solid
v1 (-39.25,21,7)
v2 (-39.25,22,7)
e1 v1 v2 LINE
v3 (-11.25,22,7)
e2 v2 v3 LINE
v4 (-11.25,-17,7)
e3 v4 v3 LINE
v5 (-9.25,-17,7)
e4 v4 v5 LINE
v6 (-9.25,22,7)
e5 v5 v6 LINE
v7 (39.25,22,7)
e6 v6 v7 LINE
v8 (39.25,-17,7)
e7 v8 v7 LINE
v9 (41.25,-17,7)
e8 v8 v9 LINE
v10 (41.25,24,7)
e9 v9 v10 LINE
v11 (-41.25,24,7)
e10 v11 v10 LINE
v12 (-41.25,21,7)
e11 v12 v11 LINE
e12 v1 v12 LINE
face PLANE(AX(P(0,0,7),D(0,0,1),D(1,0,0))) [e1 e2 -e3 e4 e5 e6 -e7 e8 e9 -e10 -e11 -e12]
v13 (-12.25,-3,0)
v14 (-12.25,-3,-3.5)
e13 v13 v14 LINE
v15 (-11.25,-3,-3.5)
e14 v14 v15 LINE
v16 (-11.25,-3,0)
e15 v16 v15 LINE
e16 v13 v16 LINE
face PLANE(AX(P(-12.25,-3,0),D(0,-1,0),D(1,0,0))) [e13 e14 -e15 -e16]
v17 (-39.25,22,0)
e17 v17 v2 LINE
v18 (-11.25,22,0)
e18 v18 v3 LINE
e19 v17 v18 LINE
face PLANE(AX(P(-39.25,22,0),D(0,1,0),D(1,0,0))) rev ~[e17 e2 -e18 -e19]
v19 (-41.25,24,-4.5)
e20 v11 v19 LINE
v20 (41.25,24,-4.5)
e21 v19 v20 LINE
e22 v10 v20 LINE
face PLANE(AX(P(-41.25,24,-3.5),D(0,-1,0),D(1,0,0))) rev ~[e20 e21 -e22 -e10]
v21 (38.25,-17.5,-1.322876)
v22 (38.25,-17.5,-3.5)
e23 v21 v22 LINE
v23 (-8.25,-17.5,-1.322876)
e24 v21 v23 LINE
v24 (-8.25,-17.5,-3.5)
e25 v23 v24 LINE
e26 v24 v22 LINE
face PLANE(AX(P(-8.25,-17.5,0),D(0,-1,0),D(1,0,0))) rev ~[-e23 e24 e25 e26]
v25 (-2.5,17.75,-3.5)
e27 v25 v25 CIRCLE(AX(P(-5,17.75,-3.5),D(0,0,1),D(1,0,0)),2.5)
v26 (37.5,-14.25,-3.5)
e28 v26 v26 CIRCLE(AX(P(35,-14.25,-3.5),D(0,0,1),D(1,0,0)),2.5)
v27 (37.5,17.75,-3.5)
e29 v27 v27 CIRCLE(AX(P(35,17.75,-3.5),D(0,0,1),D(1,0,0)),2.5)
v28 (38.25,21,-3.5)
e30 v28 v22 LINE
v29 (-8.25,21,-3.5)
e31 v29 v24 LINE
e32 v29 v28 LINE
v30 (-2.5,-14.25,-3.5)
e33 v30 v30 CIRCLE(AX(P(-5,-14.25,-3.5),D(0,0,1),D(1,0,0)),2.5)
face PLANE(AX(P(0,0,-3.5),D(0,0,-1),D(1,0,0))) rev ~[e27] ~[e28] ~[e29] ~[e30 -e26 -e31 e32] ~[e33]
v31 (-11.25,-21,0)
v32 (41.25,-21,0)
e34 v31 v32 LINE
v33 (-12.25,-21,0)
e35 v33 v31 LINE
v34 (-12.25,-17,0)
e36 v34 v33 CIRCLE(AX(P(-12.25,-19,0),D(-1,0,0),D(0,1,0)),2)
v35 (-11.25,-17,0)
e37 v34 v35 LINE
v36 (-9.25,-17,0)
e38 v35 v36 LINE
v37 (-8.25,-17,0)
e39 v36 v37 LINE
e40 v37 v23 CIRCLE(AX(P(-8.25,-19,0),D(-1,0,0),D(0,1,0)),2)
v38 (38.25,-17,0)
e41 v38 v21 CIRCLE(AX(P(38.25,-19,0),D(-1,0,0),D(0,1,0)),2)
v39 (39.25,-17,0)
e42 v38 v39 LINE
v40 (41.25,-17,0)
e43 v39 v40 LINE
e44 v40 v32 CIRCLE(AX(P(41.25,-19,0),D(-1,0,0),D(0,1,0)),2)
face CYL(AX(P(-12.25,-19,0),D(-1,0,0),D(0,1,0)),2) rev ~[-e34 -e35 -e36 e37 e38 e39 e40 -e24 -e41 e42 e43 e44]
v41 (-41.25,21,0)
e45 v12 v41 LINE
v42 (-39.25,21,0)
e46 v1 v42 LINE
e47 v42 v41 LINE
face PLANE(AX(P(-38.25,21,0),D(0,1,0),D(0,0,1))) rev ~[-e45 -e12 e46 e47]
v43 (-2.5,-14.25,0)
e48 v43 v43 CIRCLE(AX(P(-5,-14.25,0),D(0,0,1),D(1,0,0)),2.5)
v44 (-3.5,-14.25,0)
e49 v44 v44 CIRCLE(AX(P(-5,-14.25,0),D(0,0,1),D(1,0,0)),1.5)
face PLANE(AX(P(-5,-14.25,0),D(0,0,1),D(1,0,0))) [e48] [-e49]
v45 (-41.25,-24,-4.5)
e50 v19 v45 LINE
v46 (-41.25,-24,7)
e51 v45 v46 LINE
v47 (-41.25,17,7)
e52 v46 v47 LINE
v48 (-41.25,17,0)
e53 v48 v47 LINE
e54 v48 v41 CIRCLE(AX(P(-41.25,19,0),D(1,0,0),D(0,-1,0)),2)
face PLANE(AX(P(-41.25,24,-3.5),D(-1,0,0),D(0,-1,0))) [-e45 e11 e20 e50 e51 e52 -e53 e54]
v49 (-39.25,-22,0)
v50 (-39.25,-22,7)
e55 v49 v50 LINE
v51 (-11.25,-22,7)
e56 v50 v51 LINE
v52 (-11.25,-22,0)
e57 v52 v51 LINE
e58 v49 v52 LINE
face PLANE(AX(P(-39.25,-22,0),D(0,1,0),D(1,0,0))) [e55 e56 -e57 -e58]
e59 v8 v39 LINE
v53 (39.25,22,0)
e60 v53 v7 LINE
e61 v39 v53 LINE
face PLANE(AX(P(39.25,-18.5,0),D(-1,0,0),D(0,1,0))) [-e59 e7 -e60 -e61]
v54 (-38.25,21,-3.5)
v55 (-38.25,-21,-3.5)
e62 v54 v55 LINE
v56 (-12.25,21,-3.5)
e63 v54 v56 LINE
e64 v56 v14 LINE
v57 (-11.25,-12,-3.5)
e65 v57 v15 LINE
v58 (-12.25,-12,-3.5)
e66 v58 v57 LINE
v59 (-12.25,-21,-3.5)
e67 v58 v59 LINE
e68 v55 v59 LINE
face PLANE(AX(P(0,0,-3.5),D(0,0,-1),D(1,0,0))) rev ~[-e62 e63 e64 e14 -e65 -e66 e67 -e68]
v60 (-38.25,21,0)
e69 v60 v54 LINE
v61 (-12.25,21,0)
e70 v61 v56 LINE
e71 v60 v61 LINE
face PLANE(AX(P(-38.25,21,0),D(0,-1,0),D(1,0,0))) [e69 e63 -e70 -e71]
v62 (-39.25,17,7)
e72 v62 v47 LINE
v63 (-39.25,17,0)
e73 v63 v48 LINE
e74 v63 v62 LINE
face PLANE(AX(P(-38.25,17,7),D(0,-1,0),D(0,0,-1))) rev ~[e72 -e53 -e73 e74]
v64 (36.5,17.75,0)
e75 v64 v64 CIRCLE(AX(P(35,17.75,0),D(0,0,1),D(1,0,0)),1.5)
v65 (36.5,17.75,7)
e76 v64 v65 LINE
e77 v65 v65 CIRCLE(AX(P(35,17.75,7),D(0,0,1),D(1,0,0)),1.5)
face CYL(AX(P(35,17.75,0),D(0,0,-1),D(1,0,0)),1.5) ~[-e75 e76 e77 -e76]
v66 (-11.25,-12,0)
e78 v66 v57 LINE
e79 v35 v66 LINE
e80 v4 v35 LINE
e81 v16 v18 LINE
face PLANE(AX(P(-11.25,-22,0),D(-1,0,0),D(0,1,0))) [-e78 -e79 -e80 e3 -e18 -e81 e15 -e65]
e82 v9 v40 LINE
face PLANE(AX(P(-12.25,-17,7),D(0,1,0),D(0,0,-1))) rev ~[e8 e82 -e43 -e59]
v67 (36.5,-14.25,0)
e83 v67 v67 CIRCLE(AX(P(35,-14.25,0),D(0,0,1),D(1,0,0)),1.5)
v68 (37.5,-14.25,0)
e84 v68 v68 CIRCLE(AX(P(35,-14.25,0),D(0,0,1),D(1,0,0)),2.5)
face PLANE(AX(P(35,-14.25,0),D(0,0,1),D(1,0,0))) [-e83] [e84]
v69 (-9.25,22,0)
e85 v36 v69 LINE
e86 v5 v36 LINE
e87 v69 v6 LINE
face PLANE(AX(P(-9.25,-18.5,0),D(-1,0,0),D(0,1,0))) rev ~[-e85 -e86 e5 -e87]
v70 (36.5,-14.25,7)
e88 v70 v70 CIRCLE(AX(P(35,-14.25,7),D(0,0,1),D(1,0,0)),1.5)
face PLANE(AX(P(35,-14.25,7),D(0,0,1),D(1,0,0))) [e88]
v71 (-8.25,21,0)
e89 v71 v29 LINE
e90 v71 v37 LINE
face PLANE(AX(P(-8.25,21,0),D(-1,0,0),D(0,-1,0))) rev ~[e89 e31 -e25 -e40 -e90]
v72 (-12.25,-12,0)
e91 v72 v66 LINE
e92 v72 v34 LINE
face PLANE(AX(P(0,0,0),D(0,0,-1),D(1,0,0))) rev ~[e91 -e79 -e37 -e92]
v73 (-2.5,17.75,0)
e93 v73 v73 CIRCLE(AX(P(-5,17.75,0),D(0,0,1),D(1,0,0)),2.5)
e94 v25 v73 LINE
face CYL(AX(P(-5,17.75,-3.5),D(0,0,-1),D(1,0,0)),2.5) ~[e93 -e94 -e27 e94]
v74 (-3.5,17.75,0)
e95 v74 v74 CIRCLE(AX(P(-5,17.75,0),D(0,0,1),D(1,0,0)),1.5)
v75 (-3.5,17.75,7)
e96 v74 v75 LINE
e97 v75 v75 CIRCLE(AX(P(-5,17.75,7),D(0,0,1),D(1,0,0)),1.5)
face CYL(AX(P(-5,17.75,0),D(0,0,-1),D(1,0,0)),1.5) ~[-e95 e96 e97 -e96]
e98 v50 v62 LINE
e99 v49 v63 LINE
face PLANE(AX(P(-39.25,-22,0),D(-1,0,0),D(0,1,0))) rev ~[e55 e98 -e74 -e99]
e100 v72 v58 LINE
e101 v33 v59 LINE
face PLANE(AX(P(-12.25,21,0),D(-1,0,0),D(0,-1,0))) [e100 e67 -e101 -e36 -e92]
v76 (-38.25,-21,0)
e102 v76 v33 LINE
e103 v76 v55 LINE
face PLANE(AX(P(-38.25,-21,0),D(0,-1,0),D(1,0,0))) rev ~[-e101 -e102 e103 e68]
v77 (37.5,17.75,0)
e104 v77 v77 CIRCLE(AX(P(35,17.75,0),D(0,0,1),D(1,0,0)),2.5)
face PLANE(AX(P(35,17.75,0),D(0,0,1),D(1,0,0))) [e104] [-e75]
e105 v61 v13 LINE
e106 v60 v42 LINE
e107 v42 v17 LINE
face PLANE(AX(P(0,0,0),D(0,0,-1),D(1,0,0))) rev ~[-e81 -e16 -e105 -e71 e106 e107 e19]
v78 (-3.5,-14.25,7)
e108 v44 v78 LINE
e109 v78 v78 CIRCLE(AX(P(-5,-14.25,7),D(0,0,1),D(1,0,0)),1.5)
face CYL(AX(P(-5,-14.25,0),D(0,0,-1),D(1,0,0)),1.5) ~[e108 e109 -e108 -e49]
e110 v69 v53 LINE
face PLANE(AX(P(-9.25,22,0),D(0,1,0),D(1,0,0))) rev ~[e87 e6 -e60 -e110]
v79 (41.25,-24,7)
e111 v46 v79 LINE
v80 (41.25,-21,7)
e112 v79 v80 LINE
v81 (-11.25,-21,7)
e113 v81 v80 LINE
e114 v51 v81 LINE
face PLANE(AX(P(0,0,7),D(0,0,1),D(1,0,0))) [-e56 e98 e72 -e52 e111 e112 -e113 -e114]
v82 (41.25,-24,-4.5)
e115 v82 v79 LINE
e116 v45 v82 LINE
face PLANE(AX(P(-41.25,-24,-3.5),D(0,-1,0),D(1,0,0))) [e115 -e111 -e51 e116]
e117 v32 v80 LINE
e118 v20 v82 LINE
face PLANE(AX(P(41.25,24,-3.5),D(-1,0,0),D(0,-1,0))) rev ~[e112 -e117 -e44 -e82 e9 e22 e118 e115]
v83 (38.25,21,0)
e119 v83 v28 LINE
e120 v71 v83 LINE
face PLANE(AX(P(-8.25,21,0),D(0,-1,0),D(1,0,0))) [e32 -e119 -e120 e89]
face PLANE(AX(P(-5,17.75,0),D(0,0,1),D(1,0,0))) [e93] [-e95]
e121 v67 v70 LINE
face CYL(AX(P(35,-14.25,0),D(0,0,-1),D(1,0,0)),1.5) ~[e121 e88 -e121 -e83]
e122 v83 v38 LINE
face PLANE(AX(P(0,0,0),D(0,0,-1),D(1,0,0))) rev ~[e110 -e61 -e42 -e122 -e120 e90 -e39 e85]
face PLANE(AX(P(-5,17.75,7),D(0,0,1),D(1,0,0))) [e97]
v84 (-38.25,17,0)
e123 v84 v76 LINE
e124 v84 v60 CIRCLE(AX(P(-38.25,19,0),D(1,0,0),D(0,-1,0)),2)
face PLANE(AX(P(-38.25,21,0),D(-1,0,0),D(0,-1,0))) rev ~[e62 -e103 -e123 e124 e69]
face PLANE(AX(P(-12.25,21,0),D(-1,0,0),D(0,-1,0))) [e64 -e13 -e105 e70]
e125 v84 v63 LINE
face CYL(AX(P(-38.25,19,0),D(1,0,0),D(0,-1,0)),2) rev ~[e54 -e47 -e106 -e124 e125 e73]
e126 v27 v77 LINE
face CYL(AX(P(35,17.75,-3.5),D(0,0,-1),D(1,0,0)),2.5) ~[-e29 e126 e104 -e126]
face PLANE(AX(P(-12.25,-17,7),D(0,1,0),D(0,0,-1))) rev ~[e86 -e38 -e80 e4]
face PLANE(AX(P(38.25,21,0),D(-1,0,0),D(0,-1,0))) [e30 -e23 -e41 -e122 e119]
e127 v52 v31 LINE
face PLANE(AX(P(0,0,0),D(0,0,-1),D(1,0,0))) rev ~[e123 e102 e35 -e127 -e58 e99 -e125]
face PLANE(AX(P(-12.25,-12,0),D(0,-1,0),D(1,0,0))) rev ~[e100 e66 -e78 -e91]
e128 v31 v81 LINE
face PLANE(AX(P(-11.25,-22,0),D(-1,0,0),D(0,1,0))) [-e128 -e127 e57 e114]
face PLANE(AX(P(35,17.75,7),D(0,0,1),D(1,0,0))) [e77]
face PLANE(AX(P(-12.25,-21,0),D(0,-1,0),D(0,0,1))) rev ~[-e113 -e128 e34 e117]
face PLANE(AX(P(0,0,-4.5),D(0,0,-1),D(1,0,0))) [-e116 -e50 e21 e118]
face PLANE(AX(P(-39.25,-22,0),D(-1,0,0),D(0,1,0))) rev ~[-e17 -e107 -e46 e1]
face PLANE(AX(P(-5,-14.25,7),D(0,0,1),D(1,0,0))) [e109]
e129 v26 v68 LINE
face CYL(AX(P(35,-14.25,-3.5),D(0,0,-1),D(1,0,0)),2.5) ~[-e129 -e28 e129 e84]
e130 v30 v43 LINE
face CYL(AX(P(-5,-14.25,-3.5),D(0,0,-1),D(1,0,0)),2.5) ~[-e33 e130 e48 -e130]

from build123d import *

# Parameters (mm, degrees)
SKETCH005_W     = 82.5
SKETCH005_H     = 48
SKETCH005_W_2   = 28
SKETCH005_H_2   = 44
SKETCH005_W_3   = 48.5
SKETCH005_H_3   = 40.5
PAD003_DEPTH    = 7
SKETCH006_W     = 82.5
SKETCH006_H     = 48
SKETCH006_W_2   = 26
SKETCH006_H_2   = 42
SKETCH006_W_3   = 46.5
SKETCH006_H_3   = 38.5
PAD004_DEPTH    = 3.5
SKETCH007_W     = 82.5
SKETCH007_H     = 48
PAD005_DEPTH    = 1
SKETCH008_R     = 2.5
PAD006_DEPTH    = 3.5
SKETCH009_R     = 1.5
PAD007_DEPTH    = 7
POCKET002_DEPTH = 3.001
POCKET003_DEPTH = 53.501
SKETCH_W        = 1
SKETCH_H        = 9
POCKET_DEPTH    = 3.5


with BuildPart() as part:
    # Sketch005 → Pad003 (new body)
    with BuildSketch(Plane.XY):
        Rectangle(SKETCH005_W, SKETCH005_H)
        with Locations((-25.25, 0)):
            Rectangle(SKETCH005_W_2, SKETCH005_H_2, mode=Mode.SUBTRACT)
        with Locations((15, 1.75)):
            Rectangle(SKETCH005_W_3, SKETCH005_H_3, mode=Mode.SUBTRACT)
    extrude(amount=PAD003_DEPTH)

    # Sketch006 (on Face13 of Pad003) → Pad004 (join)
    with BuildSketch(Plane(origin=(0, 0, 0), x_dir=(1, 0, 0), z_dir=(0, 0, -1))):
        Rectangle(SKETCH006_W, SKETCH006_H)
        with Locations((-25.25, 0)):
            Rectangle(SKETCH006_W_2, SKETCH006_H_2, mode=Mode.SUBTRACT)
        with Locations((15, -1.75)):
            Rectangle(SKETCH006_W_3, SKETCH006_H_3, mode=Mode.SUBTRACT)
    extrude(amount=PAD004_DEPTH)

    # Sketch007 (on Face11 of Pad004) → Pad005 (join)
    with BuildSketch(Plane(origin=(0, 0, -3.5), x_dir=(1, 0, 0), z_dir=(0, 0, -1))):
        Rectangle(SKETCH007_W, SKETCH007_H)
    extrude(amount=PAD005_DEPTH)

    # Sketch008 (on Face22 of Pad005) → Pad006 (join)
    with BuildSketch(Plane.XY.offset(-3.5)):
        with Locations((-5, 17.75)):
            Circle(SKETCH008_R)
        with Locations((35, 17.75)):
            Circle(SKETCH008_R)
        with Locations((35, -14.25)):
            Circle(SKETCH008_R)
        with Locations((-5, -14.25)):
            Circle(SKETCH008_R)
    extrude(amount=PAD006_DEPTH)

    # Sketch009 (on Face34 of Pad006) → Pad007 (join)
    with BuildSketch(Plane.XY):
        with Locations((-5, 17.75)):
            Circle(SKETCH009_R)
        with Locations((35, 17.75)):
            Circle(SKETCH009_R)
        with Locations((35, -14.25)):
            Circle(SKETCH009_R)
        with Locations((-5, -14.25)):
            Circle(SKETCH009_R)
    extrude(amount=PAD007_DEPTH)

    # Sketch010 (on Face21 of Pad007) → Pocket002 (cut, through all)
    with BuildSketch(Plane.YZ.offset(-38.25)):
        with BuildLine():
            Line((21, 0), (21, 7))
            Line((21, 7), (17, 7))
            Line((17, 7), (17, 0))
            ThreePointArc((17, 0), (19, -2), (21, 0))
        make_face()
    extrude(amount=-POCKET002_DEPTH, mode=Mode.SUBTRACT)

    # Sketch011 (on Face25 of Pocket002) → Pocket003 (cut, through all)
    with BuildSketch(Plane(origin=(-12.25, 0, 0), x_dir=(0, -1, 0), z_dir=(-1, 0, 0))):
        with BuildLine():
            Line((21, 0), (21, 7))
            Line((21, 7), (17, 7))
            Line((17, 7), (17, 0))
            ThreePointArc((17, 0), (19, -2), (21, 0))
        make_face()
    extrude(amount=-POCKET003_DEPTH, mode=Mode.SUBTRACT)

    # Sketch (on Face22 of Pocket003) → Pocket (cut)
    with BuildSketch(Plane.XY):
        with Locations((-11.75, -7.5)):
            Rectangle(SKETCH_W, SKETCH_H)
    extrude(amount=-POCKET_DEPTH, mode=Mode.SUBTRACT)


solid = part.part
